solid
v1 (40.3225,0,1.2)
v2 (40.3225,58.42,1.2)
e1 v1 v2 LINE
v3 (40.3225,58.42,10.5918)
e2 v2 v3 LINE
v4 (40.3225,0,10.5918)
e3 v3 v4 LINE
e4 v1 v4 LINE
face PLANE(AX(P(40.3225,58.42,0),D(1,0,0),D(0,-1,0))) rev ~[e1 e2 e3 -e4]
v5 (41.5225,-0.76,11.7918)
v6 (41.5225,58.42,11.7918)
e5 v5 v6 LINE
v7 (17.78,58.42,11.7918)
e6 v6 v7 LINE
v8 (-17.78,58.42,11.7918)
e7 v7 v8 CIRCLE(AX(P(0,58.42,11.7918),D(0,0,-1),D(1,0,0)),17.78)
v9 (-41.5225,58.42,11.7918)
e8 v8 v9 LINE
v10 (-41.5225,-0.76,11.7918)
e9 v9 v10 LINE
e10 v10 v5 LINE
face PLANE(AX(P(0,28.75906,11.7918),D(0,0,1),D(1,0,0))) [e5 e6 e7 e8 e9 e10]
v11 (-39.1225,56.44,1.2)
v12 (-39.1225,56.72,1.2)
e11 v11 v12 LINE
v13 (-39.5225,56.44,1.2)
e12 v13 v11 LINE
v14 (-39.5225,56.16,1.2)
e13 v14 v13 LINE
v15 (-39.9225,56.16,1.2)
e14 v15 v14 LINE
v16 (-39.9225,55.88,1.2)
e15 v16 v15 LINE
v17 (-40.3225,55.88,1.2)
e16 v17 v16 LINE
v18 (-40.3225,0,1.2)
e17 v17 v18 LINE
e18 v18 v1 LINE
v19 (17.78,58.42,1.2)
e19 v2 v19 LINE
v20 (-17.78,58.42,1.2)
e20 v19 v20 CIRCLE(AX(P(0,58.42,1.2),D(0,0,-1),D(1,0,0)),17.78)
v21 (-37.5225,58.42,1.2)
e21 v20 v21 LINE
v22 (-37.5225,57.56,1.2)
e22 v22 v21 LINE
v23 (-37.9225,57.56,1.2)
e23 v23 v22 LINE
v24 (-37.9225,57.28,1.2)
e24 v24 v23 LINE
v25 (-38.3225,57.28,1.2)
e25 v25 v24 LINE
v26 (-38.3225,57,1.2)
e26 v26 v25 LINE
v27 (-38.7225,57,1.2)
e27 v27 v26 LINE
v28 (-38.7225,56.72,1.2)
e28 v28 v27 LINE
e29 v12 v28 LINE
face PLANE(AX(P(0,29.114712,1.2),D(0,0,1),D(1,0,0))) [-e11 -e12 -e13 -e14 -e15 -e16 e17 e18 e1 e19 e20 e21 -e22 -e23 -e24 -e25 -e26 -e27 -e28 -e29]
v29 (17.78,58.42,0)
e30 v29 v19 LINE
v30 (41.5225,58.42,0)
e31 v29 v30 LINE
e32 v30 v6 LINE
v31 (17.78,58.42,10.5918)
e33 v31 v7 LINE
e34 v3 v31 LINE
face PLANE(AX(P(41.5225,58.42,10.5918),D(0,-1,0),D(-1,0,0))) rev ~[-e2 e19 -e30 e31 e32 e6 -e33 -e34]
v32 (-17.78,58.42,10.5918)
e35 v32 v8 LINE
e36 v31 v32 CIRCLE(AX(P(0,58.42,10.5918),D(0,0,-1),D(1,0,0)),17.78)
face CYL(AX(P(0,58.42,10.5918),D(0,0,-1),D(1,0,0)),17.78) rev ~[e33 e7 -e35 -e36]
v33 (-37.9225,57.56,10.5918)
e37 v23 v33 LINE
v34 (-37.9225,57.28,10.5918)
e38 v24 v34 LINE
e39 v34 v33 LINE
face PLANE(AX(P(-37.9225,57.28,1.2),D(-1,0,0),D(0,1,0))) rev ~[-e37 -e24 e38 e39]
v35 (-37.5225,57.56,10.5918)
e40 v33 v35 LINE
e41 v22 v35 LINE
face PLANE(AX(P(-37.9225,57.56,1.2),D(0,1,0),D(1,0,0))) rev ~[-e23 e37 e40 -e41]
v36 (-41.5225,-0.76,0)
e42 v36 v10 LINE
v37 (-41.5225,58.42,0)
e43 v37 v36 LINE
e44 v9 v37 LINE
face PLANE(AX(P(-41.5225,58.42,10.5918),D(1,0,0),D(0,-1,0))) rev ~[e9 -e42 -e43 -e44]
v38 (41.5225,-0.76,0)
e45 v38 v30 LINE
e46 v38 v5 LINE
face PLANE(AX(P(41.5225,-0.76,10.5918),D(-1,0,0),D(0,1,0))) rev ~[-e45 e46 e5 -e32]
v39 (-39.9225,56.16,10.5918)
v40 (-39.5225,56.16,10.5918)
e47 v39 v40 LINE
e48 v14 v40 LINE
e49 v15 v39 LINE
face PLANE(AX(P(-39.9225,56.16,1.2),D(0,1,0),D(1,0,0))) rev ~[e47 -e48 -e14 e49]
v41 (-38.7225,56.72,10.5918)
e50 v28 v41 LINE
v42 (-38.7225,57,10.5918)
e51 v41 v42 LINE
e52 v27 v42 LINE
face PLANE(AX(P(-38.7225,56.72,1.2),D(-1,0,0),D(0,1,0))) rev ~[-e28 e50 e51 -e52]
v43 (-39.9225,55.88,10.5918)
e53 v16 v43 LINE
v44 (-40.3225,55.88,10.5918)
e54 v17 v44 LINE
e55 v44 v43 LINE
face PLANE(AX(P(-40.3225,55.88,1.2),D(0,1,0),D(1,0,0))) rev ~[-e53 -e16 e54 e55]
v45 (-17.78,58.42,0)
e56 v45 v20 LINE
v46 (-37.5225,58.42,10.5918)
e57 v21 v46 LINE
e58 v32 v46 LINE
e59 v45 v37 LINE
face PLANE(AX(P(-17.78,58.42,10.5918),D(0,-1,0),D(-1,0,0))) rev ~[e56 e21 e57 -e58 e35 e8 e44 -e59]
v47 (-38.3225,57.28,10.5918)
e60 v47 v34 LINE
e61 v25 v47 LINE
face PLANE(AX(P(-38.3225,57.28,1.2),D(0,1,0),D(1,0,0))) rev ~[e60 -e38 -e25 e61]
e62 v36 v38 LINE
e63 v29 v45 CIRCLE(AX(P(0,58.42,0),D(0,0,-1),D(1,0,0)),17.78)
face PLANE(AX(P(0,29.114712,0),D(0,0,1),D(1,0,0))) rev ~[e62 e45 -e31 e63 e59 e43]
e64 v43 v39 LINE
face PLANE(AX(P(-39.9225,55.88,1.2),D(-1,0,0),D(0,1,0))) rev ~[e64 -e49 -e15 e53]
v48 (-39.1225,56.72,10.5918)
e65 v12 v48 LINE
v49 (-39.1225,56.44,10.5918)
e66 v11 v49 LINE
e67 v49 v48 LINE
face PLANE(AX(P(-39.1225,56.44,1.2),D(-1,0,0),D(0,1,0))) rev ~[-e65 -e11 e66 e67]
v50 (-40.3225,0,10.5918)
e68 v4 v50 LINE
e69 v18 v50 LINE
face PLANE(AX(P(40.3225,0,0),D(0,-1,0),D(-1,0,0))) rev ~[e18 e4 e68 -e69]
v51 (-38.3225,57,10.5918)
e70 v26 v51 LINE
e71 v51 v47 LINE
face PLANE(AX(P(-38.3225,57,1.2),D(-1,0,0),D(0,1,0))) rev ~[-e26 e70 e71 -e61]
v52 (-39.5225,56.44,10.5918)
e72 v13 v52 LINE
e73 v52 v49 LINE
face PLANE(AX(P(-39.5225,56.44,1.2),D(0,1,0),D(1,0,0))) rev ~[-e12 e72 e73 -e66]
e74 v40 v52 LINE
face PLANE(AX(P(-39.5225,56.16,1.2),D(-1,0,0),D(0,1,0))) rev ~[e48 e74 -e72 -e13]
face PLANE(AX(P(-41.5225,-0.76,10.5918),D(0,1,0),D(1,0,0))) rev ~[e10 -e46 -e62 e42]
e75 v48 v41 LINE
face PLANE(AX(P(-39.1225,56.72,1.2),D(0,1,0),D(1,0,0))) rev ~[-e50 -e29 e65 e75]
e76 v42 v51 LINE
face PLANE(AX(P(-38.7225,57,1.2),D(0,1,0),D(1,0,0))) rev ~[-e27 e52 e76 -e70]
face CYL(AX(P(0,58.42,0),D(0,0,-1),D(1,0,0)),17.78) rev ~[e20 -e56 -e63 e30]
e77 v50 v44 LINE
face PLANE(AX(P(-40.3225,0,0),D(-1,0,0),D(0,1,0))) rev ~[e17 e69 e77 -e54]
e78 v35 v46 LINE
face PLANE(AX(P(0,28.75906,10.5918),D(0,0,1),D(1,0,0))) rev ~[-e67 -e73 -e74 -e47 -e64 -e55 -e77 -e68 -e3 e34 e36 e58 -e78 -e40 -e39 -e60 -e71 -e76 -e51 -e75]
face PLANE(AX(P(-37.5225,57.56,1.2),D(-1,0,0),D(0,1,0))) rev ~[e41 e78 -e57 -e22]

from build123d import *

# Parameters (mm, degrees)
F1_DEPTH = 1.2
F2_DEPTH = 10.5918
F4_DEPTH = 1.2
F6_DEPTH = 9.3918


with BuildPart() as f1:
    # F0 (on Top) → F1 (new body)
    with BuildSketch(Plane.XY):
        with BuildLine():
            Line((-17.78, 58.42), (-40.3225, 58.42))
            Line((-40.3225, 58.42), (-40.3225, 0))
            Line((-40.3225, 0), (40.3225, 0))
            Line((40.3225, 0), (40.3225, 58.42))
            Line((40.3225, 58.42), (17.78, 58.42))
            ThreePointArc((17.78, 58.42), (0, 40.64), (-17.78, 58.42))
        make_face()
        Polygon((-40.3225, 0), (-40.3225, 58.42), (-41.5225, 58.42), (-41.5225, -0.76), (41.5225, -0.76), (41.5225, 58.42), (40.3225, 58.42), (40.3225, 0), align=None)
    extrude(amount=F1_DEPTH)

    # F0 (on Top) → F2 (join)
    with BuildSketch(Plane.XY):
        Polygon((-40.3225, 0), (-40.3225, 58.42), (-41.5225, 58.42), (-41.5225, -0.76), (41.5225, -0.76), (41.5225, 58.42), (40.3225, 58.42), (40.3225, 0), align=None)
    extrude(amount=F2_DEPTH)

    # F3 (on face) → F4 (join)
    with BuildSketch(Plane.XY.offset(10.5918)):
        with BuildLine():
            Line((-40.3225, 58.42), (-41.5225, 58.42))
            Line((-41.5225, 58.42), (-41.5225, -0.76))
            Line((-41.5225, -0.76), (41.5225, -0.76))
            Line((41.5225, -0.76), (41.5225, 58.42))
            Line((41.5225, 58.42), (40.3225, 58.42))
            Line((40.3225, 58.42), (17.78, 58.42))
            ThreePointArc((17.78, 58.42), (0, 40.64), (-17.78, 58.42))
            Line((-17.78, 58.42), (-40.3225, 58.42))
        make_face()
    extrude(amount=F4_DEPTH)

    # F5 (on face) → F6 (join, through all)
    with BuildSketch(Plane.XY.offset(1.2)):
        Polygon((-40.3225, 55.88), (-39.9225, 55.88), (-39.9225, 56.16), (-39.5225, 56.16), (-39.5225, 56.44), (-39.1225, 56.44), (-39.1225, 56.72), (-38.7225, 56.72), (-38.7225, 57), (-38.3225, 57), (-38.3225, 57.28), (-37.9225, 57.28), (-37.9225, 57.56), (-37.5225, 57.56), (-37.5225, 58.42), (-40.3225, 58.42), align=None)
    extrude(amount=F6_DEPTH)


solid = f1.part
